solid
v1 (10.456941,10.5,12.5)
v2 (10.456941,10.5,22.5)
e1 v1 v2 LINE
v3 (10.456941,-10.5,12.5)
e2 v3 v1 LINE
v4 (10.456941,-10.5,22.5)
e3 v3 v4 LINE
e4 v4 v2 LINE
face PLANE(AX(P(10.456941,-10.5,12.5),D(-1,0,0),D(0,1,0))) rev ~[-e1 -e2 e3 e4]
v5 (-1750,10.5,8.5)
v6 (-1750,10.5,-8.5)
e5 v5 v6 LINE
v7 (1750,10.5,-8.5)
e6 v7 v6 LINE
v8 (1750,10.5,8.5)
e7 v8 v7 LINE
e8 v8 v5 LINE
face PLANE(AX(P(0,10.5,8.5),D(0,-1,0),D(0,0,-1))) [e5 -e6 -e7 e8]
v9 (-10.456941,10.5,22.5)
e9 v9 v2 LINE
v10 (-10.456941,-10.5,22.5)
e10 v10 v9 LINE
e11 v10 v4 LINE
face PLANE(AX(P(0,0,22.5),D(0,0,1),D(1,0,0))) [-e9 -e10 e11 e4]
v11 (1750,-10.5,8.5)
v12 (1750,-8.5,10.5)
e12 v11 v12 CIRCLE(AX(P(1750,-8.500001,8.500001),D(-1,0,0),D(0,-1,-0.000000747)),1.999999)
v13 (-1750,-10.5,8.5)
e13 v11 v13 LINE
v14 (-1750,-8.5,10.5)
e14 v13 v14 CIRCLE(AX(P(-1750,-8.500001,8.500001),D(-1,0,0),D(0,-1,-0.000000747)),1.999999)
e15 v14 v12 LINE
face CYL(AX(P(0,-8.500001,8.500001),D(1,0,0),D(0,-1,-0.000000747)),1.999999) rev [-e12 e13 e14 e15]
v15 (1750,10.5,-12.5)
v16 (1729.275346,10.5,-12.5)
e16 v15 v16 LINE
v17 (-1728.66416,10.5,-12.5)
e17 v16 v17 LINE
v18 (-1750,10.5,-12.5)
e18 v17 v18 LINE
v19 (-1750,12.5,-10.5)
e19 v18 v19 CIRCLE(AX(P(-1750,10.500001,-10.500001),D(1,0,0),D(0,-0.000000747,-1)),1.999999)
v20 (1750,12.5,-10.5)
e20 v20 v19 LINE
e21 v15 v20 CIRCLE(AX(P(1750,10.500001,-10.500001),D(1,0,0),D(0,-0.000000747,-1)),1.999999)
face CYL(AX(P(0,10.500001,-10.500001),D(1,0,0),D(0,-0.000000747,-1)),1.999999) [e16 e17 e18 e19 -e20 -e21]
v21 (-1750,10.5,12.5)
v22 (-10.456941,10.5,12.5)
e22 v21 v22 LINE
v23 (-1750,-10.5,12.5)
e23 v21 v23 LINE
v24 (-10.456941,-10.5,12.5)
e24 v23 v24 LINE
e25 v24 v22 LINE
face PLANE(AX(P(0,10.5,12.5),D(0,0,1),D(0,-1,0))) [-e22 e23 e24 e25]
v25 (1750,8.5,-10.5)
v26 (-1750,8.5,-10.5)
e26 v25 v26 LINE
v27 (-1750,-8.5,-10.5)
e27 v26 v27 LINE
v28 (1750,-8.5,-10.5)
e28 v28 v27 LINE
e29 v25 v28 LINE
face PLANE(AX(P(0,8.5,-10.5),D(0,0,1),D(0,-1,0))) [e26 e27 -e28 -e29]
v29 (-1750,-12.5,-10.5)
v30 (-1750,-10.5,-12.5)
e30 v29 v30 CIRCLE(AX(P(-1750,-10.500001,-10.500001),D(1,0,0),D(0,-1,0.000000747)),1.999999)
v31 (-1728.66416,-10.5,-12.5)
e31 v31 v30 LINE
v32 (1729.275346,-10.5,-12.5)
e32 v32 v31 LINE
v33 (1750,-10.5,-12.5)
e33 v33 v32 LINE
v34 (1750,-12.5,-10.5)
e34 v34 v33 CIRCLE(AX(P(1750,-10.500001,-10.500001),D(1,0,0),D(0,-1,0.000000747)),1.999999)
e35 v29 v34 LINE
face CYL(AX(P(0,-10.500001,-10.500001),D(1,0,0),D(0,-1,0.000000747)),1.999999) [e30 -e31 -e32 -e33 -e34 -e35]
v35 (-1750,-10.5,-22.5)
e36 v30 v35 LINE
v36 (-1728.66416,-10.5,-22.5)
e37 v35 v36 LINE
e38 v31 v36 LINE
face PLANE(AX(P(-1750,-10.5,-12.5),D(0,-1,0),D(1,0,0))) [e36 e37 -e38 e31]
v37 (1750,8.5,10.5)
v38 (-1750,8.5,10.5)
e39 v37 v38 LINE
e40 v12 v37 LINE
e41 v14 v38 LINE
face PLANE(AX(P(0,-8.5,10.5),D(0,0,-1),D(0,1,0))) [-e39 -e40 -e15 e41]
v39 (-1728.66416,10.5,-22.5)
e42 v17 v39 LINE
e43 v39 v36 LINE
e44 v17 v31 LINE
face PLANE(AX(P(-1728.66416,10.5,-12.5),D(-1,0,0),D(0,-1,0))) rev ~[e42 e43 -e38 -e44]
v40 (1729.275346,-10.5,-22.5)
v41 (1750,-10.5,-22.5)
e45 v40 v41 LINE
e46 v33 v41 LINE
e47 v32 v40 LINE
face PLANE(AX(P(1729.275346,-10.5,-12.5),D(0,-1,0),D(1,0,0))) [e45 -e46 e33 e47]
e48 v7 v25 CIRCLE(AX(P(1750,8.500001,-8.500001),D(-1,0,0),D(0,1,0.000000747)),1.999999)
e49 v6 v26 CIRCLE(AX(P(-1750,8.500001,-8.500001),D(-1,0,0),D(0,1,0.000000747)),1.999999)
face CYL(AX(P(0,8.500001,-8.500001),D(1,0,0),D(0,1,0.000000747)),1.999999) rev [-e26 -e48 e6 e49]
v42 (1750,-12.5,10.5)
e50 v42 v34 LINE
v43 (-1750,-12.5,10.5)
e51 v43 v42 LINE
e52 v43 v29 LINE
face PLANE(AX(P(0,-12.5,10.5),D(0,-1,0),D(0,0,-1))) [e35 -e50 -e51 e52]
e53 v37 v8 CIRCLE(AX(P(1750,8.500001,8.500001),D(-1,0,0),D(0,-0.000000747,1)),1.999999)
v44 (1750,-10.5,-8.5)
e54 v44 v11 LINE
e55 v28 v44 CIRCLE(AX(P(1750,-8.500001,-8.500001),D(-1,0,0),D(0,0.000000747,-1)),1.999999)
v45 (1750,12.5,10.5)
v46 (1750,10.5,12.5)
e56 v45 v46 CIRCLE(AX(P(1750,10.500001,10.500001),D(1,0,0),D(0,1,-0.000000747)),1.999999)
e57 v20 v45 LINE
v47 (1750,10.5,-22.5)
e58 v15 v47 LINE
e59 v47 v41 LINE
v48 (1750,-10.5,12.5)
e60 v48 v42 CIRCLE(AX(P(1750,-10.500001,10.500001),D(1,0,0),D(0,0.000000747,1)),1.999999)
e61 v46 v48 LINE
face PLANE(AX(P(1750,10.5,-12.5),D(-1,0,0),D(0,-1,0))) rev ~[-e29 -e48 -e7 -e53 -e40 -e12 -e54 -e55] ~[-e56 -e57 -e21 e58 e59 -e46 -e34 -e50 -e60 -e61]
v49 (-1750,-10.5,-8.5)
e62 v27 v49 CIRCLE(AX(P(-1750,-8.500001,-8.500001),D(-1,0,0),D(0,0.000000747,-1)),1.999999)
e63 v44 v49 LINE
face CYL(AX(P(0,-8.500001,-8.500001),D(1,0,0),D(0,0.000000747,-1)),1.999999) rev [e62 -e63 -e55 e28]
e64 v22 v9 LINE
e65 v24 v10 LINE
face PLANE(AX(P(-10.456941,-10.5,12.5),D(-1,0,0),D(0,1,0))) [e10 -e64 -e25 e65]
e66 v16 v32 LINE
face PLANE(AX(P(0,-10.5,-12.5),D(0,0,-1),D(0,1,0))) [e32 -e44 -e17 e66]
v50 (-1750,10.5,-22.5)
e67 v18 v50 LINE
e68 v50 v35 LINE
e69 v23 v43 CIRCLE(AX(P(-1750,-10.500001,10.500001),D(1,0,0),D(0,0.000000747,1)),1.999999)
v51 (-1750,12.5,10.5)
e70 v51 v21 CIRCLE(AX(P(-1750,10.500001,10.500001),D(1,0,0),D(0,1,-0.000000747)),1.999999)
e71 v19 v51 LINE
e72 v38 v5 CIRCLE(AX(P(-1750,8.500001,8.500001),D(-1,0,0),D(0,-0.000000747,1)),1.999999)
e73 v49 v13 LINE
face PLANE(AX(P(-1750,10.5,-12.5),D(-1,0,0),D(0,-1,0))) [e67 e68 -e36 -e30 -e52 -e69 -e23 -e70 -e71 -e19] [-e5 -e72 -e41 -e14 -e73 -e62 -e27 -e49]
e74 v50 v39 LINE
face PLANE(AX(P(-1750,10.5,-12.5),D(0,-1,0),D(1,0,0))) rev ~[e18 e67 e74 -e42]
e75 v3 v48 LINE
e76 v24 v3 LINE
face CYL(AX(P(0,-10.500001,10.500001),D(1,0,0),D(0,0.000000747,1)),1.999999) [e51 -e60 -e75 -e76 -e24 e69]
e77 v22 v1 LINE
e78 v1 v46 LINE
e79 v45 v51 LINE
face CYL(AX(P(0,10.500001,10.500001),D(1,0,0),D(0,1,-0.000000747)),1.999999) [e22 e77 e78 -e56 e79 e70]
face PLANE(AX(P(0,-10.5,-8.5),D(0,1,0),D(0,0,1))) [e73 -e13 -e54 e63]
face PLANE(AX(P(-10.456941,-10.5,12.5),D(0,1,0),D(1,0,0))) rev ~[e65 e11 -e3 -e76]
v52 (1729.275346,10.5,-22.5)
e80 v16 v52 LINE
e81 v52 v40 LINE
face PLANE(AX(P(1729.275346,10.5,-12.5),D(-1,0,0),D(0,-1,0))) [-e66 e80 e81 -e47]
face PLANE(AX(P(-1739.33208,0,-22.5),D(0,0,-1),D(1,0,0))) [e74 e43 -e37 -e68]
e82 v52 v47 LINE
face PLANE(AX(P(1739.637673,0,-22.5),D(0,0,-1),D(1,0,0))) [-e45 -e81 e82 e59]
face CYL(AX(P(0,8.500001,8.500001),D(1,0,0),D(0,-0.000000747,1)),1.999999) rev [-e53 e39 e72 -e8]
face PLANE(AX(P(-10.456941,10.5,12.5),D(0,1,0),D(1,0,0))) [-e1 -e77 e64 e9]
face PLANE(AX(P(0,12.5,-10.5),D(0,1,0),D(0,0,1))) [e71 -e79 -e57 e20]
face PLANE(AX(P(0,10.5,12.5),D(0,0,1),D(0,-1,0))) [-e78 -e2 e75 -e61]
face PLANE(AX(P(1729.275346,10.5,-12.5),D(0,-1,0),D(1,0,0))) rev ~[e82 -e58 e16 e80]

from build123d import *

# Parameters (mm, degrees)
F1_DEPTH = 1750
F2_W     = 20.913882
F2_H     = 21
F3_DEPTH = 10
F4_W     = 21.33584
F4_H     = 21
F5_DEPTH = 10
F4_W_2   = 20.724654
F6_DEPTH = 10


with BuildPart() as f1:
    # F0 (on Right) → F1 (new body, symmetric)
    with BuildSketch(Plane.YZ):
        with BuildLine():
            ThreePointArc((12.5, 10.5), (11.914214, 11.914214), (10.5, 12.5))
            Line((10.5, 12.5), (-10.5, 12.5))
            ThreePointArc((-10.5, 12.5), (-11.914214, 11.914214), (-12.5, 10.5))
            Line((-12.5, 10.5), (-12.5, -10.5))
            ThreePointArc((-12.5, -10.5), (-11.914214, -11.914214), (-10.5, -12.5))
            Line((-10.5, -12.5), (10.5, -12.5))
            ThreePointArc((10.5, -12.5), (11.914214, -11.914214), (12.5, -10.5))
            Line((12.5, -10.5), (12.5, 10.5))
        make_face()
        with BuildLine():
            Line((-8.5, 10.5), (8.5, 10.5))
            ThreePointArc((8.5, 10.5), (9.914214, 9.914214), (10.5, 8.5))
            Line((10.5, 8.5), (10.5, -8.5))
            ThreePointArc((10.5, -8.5), (9.914214, -9.914214), (8.5, -10.5))
            Line((8.5, -10.5), (-8.5, -10.5))
            ThreePointArc((-8.5, -10.5), (-9.914214, -9.914214), (-10.5, -8.5))
            Line((-10.5, -8.5), (-10.5, 8.5))
            ThreePointArc((-10.5, 8.5), (-9.914214, 9.914214), (-8.5, 10.5))
        make_face(mode=Mode.SUBTRACT)
    extrude(amount=F1_DEPTH, both=True)

    # F2 (on face) → F3 (join)
    with BuildSketch(Plane.XY.offset(12.5)):
        Rectangle(F2_W, F2_H)
    extrude(amount=F3_DEPTH)

    # F4 (on face) → F5 (join)
    with BuildSketch(Plane(origin=(0, 0, -12.5), x_dir=(1, 0, 0), z_dir=(0, 0, -1))):
        with Locations((-1739.33208, 0)):
            Rectangle(F4_W, F4_H)
    extrude(amount=F5_DEPTH)

    # F4 (on face) → F6 (join)
    with BuildSketch(Plane(origin=(0, 0, -12.5), x_dir=(1, 0, 0), z_dir=(0, 0, -1))):
        with Locations((1739.637673, 0)):
            Rectangle(F4_W_2, F4_H)
    extrude(amount=F6_DEPTH)


solid = f1.part
